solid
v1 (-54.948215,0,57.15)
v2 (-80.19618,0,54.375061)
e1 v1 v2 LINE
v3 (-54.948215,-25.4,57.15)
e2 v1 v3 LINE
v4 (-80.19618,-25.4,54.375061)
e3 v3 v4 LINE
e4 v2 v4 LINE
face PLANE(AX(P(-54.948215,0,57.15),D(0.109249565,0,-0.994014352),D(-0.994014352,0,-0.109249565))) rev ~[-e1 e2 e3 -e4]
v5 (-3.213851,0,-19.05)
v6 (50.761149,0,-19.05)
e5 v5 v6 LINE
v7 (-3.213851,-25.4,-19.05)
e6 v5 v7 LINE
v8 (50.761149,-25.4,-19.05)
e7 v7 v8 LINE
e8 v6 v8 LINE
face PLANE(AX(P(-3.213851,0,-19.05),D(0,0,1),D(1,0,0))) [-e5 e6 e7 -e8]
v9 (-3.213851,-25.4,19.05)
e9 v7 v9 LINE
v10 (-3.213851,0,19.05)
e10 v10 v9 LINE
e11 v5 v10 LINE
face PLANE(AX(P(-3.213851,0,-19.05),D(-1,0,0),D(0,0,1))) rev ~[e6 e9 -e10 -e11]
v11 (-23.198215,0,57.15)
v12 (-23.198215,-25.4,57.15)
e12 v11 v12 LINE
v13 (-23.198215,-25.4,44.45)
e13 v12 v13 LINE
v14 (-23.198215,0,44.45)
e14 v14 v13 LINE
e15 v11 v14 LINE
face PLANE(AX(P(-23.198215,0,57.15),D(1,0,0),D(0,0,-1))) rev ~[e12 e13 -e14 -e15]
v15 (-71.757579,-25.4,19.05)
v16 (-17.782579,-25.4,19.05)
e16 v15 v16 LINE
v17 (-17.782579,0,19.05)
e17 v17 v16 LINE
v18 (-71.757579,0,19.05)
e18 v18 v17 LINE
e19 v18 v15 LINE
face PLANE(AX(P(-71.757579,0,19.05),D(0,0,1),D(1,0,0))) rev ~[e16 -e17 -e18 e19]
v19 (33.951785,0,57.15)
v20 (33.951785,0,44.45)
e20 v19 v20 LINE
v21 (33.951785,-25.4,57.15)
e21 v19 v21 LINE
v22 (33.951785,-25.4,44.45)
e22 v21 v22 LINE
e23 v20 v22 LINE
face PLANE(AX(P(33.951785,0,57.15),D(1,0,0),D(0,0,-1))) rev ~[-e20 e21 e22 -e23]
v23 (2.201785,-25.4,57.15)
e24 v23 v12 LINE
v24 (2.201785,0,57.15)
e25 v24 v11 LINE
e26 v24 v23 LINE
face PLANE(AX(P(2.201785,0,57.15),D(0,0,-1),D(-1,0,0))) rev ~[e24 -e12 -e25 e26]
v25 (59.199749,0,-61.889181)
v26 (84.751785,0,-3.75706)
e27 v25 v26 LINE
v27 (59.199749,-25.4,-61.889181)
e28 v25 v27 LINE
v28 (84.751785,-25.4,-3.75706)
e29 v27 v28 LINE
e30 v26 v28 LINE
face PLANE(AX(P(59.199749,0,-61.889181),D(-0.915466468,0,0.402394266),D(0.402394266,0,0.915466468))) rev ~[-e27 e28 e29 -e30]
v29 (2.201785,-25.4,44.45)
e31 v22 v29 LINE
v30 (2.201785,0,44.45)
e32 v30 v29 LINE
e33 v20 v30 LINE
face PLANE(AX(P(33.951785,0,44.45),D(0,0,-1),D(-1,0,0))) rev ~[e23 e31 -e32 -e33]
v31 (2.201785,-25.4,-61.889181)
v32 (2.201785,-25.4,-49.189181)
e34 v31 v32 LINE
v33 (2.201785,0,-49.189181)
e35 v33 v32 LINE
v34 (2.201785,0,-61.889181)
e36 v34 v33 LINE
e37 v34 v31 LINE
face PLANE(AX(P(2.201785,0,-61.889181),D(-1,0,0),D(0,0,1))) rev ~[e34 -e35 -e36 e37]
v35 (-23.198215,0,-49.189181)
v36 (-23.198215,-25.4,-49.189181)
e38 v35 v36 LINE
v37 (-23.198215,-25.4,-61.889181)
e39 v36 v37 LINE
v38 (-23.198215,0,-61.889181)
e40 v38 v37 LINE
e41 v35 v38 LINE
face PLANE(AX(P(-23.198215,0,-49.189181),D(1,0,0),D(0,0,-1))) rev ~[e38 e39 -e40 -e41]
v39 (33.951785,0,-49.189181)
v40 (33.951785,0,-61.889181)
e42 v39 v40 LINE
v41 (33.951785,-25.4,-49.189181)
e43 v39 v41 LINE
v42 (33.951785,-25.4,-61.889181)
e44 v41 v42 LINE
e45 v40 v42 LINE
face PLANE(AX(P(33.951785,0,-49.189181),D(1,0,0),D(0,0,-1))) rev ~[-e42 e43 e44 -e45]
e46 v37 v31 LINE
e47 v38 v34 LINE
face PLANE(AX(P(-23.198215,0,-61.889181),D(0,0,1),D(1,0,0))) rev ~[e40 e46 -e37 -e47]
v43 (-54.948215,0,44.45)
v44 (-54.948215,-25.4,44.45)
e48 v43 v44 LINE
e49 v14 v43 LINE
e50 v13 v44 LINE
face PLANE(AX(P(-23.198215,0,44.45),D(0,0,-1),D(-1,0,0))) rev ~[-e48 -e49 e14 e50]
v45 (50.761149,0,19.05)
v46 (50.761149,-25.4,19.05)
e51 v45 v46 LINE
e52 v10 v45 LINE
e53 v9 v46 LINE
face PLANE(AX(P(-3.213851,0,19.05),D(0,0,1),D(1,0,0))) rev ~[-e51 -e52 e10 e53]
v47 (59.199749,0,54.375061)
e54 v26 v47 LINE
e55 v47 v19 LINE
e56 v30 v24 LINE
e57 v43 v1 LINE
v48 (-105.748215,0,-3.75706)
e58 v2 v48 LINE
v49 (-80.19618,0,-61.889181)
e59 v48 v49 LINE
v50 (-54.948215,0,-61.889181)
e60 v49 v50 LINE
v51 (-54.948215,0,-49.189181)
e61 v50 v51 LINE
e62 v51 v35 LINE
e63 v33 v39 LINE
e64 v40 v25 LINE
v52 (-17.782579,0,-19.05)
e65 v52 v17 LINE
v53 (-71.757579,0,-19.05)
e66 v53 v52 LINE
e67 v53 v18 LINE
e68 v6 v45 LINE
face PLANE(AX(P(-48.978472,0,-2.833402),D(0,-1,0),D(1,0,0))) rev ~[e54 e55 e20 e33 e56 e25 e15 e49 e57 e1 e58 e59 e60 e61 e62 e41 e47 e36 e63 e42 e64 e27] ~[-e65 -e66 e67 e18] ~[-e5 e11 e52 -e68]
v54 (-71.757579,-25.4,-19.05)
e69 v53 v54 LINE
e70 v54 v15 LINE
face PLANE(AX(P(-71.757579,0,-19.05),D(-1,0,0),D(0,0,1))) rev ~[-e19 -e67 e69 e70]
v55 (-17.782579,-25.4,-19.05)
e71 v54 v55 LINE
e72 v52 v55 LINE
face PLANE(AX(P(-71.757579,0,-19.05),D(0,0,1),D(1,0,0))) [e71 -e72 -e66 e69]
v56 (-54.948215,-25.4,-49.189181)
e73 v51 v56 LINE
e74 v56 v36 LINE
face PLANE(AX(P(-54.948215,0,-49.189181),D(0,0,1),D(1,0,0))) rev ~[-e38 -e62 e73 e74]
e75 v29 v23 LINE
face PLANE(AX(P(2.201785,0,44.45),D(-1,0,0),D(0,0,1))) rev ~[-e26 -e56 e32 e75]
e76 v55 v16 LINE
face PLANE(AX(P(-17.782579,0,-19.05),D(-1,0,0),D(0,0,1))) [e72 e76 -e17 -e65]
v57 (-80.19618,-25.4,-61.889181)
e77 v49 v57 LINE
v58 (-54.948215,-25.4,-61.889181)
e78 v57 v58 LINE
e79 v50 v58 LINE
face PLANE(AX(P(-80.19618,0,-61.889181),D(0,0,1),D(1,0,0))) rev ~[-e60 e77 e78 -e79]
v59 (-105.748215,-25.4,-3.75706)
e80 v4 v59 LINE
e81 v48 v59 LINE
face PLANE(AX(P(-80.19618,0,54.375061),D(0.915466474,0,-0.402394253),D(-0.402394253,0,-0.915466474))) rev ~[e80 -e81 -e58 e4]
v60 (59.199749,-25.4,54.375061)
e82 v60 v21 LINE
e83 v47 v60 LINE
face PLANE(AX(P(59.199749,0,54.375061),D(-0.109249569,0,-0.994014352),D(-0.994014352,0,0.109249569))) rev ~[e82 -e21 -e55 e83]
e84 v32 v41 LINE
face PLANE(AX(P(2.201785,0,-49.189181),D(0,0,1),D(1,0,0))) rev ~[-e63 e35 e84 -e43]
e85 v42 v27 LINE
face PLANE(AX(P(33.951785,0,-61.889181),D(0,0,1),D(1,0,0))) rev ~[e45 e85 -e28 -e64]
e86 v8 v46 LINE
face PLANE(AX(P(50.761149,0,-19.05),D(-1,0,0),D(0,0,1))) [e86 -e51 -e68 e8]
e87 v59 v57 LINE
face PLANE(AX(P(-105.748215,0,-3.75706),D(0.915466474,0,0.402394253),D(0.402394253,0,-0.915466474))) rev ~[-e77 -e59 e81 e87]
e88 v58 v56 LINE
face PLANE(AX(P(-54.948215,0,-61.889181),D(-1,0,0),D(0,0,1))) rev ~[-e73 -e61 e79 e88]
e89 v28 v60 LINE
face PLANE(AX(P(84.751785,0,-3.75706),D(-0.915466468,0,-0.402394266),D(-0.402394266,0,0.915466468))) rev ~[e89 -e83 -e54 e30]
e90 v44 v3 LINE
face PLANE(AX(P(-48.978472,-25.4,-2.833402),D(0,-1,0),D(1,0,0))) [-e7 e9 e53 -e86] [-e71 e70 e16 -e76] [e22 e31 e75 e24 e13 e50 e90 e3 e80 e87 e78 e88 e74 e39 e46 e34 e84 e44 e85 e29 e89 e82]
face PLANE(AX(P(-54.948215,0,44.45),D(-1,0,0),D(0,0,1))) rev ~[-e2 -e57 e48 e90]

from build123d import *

# Parameters (mm, degrees)
F0_W     = 53.975
F0_H     = 38.1
F1_DEPTH = 25.4


with BuildPart() as f1:
    # F0 (on Front) → F1 (new body)
    with BuildSketch(Plane.XZ):
        Polygon((-23.198215, 44.45), (-54.948215, 44.45), (-54.948215, 57.15), (-80.19618, 54.375061), (-105.748215, -3.75706), (-80.19618, -61.889181), (-54.948215, -61.889181), (-54.948215, -49.189181), (-23.198215, -49.189181), (-23.198215, -61.889181), (-10.498215, -61.889181), (-10.498215, 57.15), (-23.198215, 57.15), align=None)
        with Locations((-44.770079, 0)):
            Rectangle(F0_W, F0_H, mode=Mode.SUBTRACT)
        Polygon((2.201785, 57.15), (-10.498215, 57.15), (-10.498215, -61.889181), (2.201785, -61.889181), (2.201785, -49.189181), (33.951785, -49.189181), (33.951785, -61.889181), (59.199749, -61.889181), (84.751785, -3.75706), (59.199749, 54.375061), (33.951785, 57.15), (33.951785, 44.45), (2.201785, 44.45), align=None)
        with Locations((23.773649, 0)):
            Rectangle(F0_W, F0_H, mode=Mode.SUBTRACT)
    extrude(amount=F1_DEPTH)


solid = f1.part
